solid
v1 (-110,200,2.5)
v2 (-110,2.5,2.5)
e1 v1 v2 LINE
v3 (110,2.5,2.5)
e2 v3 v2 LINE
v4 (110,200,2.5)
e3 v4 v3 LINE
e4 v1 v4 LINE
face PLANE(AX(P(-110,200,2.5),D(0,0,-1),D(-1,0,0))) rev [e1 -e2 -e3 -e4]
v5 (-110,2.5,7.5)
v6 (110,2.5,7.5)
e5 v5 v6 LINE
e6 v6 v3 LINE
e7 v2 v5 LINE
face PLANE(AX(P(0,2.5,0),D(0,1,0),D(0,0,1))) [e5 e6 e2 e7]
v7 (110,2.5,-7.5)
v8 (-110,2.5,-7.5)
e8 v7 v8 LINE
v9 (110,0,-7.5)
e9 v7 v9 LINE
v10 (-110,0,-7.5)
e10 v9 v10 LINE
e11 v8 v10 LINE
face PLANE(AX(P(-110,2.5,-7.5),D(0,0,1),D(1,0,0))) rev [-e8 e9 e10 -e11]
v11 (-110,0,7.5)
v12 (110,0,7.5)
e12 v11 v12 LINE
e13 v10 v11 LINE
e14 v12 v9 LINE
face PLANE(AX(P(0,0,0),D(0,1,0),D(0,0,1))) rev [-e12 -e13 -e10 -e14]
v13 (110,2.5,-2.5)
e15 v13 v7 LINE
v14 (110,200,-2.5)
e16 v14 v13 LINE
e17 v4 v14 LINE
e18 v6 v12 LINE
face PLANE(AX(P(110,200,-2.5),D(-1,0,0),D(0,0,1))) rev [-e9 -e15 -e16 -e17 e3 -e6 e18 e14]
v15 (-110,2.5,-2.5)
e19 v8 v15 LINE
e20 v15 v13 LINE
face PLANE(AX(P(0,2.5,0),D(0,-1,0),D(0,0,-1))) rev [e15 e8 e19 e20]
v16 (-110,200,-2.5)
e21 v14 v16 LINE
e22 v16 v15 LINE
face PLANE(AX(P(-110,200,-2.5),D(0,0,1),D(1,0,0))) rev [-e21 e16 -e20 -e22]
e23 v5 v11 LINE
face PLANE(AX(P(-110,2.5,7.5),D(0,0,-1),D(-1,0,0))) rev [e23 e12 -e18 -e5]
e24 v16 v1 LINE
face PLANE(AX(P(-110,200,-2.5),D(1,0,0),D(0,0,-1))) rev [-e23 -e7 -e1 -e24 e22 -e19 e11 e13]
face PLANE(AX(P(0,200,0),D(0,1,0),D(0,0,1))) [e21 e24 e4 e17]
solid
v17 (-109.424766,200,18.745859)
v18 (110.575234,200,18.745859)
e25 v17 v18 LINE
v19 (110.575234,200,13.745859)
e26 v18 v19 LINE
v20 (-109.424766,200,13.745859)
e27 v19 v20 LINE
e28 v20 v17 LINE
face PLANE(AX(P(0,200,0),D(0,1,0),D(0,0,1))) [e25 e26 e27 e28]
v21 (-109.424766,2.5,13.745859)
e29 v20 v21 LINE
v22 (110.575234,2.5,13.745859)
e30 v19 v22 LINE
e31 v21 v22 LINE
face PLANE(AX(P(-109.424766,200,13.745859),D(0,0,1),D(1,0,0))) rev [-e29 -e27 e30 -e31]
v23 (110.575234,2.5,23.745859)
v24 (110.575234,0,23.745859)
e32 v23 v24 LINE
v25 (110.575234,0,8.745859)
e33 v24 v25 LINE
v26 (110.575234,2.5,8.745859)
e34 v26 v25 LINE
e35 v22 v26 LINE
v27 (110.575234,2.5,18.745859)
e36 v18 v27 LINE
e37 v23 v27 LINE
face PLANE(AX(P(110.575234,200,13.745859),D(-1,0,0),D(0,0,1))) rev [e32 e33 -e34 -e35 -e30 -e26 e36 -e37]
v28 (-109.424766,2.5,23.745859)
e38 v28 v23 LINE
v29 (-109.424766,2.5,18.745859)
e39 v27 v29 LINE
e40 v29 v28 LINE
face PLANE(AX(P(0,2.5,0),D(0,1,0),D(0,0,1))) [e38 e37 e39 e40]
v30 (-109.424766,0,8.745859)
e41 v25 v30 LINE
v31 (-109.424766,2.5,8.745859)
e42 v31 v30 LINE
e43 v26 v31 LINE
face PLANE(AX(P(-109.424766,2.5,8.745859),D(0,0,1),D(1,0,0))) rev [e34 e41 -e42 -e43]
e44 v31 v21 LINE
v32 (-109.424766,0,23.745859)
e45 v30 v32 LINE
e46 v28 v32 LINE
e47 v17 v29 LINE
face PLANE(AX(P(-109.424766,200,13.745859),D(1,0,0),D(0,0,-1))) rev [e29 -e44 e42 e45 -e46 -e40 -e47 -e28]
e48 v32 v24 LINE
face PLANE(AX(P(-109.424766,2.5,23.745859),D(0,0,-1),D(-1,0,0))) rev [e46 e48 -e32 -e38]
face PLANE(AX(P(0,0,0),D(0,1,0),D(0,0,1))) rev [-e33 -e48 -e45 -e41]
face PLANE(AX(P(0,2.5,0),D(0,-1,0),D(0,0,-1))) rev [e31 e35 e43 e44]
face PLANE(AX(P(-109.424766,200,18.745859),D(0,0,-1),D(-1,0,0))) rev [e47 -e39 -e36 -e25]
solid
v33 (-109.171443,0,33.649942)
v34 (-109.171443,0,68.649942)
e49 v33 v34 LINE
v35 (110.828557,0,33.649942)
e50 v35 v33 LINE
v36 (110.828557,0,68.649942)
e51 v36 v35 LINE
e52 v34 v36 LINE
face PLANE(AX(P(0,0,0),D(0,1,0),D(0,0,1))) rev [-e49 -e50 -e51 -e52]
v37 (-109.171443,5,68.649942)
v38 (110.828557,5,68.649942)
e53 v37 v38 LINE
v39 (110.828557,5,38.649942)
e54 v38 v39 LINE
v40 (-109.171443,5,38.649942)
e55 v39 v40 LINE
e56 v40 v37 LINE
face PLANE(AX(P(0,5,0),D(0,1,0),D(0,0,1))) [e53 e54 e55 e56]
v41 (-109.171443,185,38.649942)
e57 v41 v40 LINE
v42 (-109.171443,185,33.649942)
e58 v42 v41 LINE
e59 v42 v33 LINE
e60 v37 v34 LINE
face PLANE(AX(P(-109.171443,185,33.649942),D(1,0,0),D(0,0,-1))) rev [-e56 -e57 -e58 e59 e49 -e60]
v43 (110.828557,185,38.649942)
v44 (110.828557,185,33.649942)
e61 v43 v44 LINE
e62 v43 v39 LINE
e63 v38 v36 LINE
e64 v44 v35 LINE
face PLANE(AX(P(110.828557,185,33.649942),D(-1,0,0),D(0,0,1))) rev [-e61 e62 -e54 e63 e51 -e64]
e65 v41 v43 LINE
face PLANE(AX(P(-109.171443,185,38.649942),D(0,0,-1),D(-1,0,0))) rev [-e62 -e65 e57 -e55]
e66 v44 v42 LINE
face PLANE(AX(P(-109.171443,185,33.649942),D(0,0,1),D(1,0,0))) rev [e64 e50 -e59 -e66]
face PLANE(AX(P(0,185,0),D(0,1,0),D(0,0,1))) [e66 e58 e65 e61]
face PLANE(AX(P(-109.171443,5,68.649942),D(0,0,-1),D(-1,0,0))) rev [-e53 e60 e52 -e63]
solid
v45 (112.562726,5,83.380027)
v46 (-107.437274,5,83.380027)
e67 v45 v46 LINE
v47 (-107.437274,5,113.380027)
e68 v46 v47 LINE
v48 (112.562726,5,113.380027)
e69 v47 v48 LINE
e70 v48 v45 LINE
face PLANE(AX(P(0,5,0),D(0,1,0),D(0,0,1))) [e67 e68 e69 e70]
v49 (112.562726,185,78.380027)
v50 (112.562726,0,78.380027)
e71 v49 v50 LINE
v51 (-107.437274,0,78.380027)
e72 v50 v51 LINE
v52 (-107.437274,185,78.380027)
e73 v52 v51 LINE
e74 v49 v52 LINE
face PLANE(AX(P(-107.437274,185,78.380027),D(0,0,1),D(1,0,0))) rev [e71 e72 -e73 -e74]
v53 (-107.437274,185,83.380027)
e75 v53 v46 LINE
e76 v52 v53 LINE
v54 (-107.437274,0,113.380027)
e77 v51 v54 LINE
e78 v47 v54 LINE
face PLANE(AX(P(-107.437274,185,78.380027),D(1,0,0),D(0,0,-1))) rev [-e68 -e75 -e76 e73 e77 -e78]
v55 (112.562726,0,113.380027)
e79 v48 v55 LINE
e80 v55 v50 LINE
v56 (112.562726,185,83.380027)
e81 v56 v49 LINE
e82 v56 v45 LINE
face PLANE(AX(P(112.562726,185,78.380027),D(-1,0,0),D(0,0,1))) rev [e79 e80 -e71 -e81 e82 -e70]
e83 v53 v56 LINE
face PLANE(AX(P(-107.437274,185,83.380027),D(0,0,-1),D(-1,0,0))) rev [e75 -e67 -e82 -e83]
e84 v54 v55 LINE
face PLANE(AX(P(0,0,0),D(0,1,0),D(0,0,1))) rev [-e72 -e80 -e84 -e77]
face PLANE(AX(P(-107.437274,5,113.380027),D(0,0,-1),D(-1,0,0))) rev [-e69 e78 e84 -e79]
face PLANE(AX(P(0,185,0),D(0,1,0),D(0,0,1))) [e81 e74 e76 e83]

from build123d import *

# Parameters (mm, degrees)
SKETCH_1_W      = 220
SKETCH_1_H      = 5
EXTRUDE_1_DEPTH = 200
SKETCH_4_W      = 220
SKETCH_4_H      = 5
EXTRUDE_2_DEPTH = 200
SKETCH_5_W      = 220
SKETCH_5_H      = 5
EXTRUDE_3_DEPTH = 185
SKETCH_8_W      = 220
SKETCH_8_H      = 5
EXTRUDE_5_DEPTH = 185
SKETCH_9_W      = 220
SKETCH_9_H      = 30
EXTRUDE_6_DEPTH = 5
SKETCH_12_W     = 220
SKETCH_12_H     = 5
EXTRUDE_8_DEPTH = 2.5


with BuildPart() as part:
    # 草图1 → 凸台-拉伸1 (new body)
    with BuildSketch(Plane(origin=(0, 0, 0), x_dir=(1, 0, 0), z_dir=(0, 1, 0))):
        Rectangle(SKETCH_1_W, SKETCH_1_H)
    extrude(amount=EXTRUDE_1_DEPTH)



with BuildPart() as body_2:
    # 草图4 → 凸台-拉伸2 (new body)
    with BuildSketch(Plane(origin=(0, 0, 0), x_dir=(1, 0, 0), z_dir=(0, 1, 0))):
        with Locations((0.575234316, -16.245858739)):
            Rectangle(SKETCH_4_W, SKETCH_4_H)
    extrude(amount=EXTRUDE_2_DEPTH)


with BuildPart() as body_3:
    # 草图5 → 凸台-拉伸3 (new body)
    with BuildSketch(Plane(origin=(0, 0, 0), x_dir=(1, 0, 0), z_dir=(0, 1, 0))):
        with Locations((0.828556731, -36.149941631)):
            Rectangle(SKETCH_5_W, SKETCH_5_H)
    extrude(amount=EXTRUDE_3_DEPTH)



with BuildPart() as body_4:
    # 草图8 → 凸台-拉伸5 (new body)
    with BuildSketch(Plane(origin=(0, 0, 0), x_dir=(1, 0, 0), z_dir=(0, 1, 0))):
        with Locations((2.56272571, -80.880026671)):
            Rectangle(SKETCH_8_W, SKETCH_8_H)
    extrude(amount=EXTRUDE_5_DEPTH)


with BuildPart() as body_3_1:
    add(body_3.part)

    add(body_4.part)  # 凸台-拉伸6 merges body 4
    # 草图9 → 凸台-拉伸6 (add)
    with BuildSketch(Plane(origin=(0, 0, 0), x_dir=(1, 0, 0), z_dir=(0, 1, 0))):
        with Locations((0.828556731, -53.649941631)):
            Rectangle(SKETCH_9_W, SKETCH_9_H)
        with Locations((2.56272571, -98.380026671)):
            Rectangle(SKETCH_9_W, SKETCH_9_H)
    extrude(amount=EXTRUDE_6_DEPTH)


with BuildPart() as part_1:
    add(part.part)

    add(body_2.part)  # 凸台-拉伸8 merges body 2
    # 草图12 → 凸台-拉伸8 (add)
    with BuildSketch(Plane(origin=(0, 0, 0), x_dir=(1, 0, 0), z_dir=(0, 1, 0))):
        with Locations((0.575234316, -21.245858739)):
            Rectangle(SKETCH_12_W, SKETCH_12_H)
        with Locations((0.575234316, -11.245858739)):
            Rectangle(SKETCH_12_W, SKETCH_12_H)
        with Locations((0, -5)):
            Rectangle(SKETCH_12_W, SKETCH_12_H)
        with Locations((0, 5)):
            Rectangle(SKETCH_12_W, SKETCH_12_H)
    extrude(amount=EXTRUDE_8_DEPTH)


solid = Compound([body_3_1.part, part_1.part])
